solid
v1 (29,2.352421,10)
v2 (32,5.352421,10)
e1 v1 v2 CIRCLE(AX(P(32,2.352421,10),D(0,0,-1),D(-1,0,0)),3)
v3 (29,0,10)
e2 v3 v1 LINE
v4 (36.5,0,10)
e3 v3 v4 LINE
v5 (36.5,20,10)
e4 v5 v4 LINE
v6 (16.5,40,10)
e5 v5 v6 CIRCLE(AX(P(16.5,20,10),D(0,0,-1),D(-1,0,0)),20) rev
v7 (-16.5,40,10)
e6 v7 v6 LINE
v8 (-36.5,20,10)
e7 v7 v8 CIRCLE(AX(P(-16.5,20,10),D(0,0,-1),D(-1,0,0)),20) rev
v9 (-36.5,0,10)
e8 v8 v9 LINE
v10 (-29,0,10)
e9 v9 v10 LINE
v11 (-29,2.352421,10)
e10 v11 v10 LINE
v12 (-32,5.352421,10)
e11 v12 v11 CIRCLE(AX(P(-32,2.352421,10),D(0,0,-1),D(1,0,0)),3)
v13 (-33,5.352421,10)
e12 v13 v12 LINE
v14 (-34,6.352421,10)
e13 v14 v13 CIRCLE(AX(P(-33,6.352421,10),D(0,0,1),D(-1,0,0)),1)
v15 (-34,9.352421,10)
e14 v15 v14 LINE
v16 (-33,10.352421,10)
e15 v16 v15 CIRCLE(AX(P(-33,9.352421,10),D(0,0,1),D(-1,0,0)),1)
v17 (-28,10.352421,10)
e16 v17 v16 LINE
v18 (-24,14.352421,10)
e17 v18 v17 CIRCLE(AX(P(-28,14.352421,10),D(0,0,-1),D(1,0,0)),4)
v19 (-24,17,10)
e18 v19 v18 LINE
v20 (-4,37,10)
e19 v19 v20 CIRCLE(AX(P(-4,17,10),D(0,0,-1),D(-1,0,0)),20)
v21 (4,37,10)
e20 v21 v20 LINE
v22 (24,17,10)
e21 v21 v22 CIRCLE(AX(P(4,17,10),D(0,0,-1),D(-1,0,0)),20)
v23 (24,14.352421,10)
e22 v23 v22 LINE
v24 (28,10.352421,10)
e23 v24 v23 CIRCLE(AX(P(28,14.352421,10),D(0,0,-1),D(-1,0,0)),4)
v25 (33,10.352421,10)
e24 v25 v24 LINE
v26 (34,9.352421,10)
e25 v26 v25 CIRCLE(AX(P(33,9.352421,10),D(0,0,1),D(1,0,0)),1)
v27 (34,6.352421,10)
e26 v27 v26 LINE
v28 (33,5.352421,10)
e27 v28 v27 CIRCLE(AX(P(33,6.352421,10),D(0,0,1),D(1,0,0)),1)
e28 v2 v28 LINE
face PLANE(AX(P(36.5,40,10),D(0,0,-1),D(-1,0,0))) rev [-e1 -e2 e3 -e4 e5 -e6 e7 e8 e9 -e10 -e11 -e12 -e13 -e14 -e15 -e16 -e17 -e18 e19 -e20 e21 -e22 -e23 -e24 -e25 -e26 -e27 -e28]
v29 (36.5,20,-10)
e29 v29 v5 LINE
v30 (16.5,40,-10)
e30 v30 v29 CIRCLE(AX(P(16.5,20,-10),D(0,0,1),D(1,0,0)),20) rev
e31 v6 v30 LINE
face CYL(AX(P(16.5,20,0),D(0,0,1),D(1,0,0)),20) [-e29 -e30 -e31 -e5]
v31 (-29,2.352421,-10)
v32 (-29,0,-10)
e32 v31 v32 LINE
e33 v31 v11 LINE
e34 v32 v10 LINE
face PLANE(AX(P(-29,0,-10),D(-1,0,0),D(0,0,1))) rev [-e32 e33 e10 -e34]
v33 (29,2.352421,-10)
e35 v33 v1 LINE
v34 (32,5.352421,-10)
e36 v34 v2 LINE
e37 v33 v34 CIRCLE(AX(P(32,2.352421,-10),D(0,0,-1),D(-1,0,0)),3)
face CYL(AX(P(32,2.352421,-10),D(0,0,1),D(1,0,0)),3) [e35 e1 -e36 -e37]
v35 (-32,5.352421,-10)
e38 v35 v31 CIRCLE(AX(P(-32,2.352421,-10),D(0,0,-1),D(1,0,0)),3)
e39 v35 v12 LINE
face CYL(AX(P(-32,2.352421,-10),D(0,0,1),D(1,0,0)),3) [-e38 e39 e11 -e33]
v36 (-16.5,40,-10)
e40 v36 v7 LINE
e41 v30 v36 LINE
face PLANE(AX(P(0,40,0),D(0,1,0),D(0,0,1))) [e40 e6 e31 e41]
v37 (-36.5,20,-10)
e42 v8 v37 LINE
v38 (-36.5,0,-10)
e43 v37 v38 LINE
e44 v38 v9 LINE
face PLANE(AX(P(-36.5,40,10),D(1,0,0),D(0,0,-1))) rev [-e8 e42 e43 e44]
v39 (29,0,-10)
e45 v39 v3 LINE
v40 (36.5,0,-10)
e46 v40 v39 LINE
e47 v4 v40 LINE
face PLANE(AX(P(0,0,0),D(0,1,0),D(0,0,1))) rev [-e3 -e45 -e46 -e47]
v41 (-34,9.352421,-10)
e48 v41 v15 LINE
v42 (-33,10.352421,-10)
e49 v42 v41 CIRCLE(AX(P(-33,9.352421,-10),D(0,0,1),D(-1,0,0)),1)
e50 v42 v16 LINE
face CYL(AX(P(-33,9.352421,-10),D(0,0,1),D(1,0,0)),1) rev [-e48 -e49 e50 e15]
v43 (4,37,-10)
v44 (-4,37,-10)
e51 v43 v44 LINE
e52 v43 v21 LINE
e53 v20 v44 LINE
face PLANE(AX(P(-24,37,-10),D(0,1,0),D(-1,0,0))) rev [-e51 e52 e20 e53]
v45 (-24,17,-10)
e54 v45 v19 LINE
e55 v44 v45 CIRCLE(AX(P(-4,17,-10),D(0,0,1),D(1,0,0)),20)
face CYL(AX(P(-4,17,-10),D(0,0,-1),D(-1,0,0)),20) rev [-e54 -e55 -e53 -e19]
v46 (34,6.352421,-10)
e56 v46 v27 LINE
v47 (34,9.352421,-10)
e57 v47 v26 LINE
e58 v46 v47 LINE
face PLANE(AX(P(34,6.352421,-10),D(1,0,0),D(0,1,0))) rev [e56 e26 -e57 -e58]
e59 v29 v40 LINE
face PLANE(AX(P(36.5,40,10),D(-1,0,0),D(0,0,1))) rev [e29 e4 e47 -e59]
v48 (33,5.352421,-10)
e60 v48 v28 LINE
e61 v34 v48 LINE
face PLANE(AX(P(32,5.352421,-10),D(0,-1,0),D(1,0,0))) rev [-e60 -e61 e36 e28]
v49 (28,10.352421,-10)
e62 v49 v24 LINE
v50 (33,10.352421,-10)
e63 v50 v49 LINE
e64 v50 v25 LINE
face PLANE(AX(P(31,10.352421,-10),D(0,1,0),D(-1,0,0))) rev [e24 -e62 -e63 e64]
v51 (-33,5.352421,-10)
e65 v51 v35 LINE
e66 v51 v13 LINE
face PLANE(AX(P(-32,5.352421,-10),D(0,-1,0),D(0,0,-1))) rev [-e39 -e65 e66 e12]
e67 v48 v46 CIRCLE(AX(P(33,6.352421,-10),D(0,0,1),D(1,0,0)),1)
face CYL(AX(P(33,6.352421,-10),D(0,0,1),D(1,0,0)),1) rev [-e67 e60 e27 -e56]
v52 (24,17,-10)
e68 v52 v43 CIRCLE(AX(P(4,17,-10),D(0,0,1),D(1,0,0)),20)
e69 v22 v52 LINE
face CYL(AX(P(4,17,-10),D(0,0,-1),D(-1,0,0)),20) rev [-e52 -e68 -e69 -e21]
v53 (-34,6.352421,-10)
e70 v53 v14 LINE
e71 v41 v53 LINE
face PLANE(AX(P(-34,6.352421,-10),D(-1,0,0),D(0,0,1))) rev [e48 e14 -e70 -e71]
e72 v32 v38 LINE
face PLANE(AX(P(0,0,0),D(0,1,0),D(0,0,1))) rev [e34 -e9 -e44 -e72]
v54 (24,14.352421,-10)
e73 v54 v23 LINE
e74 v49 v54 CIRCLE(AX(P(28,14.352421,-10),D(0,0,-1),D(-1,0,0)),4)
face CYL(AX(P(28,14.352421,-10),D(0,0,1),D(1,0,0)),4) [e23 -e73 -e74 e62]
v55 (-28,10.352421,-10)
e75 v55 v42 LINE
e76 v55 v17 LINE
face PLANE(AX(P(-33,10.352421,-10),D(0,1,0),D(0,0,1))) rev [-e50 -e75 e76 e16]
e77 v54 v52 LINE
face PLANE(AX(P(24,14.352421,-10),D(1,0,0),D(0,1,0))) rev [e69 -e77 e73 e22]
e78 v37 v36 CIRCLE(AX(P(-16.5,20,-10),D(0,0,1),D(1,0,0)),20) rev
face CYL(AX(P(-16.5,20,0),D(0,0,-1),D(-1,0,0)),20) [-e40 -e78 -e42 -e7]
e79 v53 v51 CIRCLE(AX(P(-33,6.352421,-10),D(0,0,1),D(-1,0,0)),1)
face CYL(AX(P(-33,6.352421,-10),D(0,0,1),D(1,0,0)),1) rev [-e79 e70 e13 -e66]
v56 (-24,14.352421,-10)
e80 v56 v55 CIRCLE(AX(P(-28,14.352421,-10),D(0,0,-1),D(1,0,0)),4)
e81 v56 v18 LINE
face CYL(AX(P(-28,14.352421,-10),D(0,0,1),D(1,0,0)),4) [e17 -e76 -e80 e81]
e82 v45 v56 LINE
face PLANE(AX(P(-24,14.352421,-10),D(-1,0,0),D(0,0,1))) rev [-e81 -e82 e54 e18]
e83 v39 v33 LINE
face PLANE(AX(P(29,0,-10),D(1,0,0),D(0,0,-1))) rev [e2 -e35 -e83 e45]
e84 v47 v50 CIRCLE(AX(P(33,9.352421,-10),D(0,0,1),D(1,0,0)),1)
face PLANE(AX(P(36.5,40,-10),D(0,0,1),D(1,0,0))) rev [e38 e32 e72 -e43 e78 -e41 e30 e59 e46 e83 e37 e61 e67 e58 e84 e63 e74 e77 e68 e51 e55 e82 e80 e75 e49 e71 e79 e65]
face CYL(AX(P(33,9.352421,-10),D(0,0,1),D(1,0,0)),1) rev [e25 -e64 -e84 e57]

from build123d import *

# Parameters (mm, degrees)
SKETCH1_W           = 73
SKETCH1_H           = 20
BOSS_EXTRUDE1_DEPTH = 40
CUT_EXTRUDE1_DEPTH  = 20
FILLET1_R           = 20
FILLET2_R           = 20


with BuildPart() as part:
    # Sketch1 → Boss-Extrude1 (new body)
    with BuildSketch(Plane(origin=(0, 0, 0), x_dir=(1, 0, 0), z_dir=(0, 1, 0))):
        Rectangle(SKETCH1_W, SKETCH1_H)
    extrude(amount=BOSS_EXTRUDE1_DEPTH)

    # Sketch2 → Cut-Extrude1 (cut)
    with BuildSketch(Plane.XY.offset(10)):
        with BuildLine():
            Line((-29, 0), (-29, 2.352421437))
            ThreePointArc((-29, 2.352421437), (-29.878679656, 4.473741781), (-32, 5.352421437))
            Line((-32, 5.352421437), (-33, 5.352421437))
            ThreePointArc((-33, 5.352421437), (-33.707106781, 5.645314656), (-34, 6.352421437))
            Line((-34, 6.352421437), (-34, 9.352421437))
            ThreePointArc((-34, 9.352421437), (-33.707106781, 10.059528218), (-33, 10.352421437))
            Line((-33, 10.352421437), (-31, 10.352421437))
            Line((-31, 10.352421437), (-28, 10.352421437))
            ThreePointArc((-28, 10.352421437), (-25.171572875, 11.523994313), (-24, 14.352421437))
            Line((-24, 14.352421437), (-24, 37))
            Line((-24, 37), (24, 37))
            Line((24, 37), (24, 14.352421437))
            ThreePointArc((24, 14.352421437), (25.171572875, 11.523994313), (28, 10.352421437))
            Line((28, 10.352421437), (31, 10.352421437))
            Line((31, 10.352421437), (33, 10.352421437))
            ThreePointArc((33, 10.352421437), (33.707106781, 10.059528218), (34, 9.352421437))
            Line((34, 9.352421437), (34, 6.352421437))
            ThreePointArc((34, 6.352421437), (33.707106781, 5.645314656), (33, 5.352421437))
            Line((33, 5.352421437), (32, 5.352421437))
            ThreePointArc((32, 5.352421437), (29.878679656, 4.473741781), (29, 2.352421437))
            Line((29, 2.352421437), (29, 0))
            Line((29, 0), (-29, 0))
        make_face()
    extrude(amount=-CUT_EXTRUDE1_DEPTH, mode=Mode.SUBTRACT)

    # Fillet1
    fillet1_edges = [part.edges().sort_by_distance(p)[0] for p in [
        (36.5, 40, 0),
        (-36.5, 40, 0),
    ]]
    fillet(fillet1_edges, radius=FILLET1_R)

    # Fillet2
    fillet2_edges = [part.edges().sort_by_distance(p)[0] for p in [
        (-24, 37, 0),
        (24, 37, 0),
    ]]
    fillet(fillet2_edges, radius=FILLET2_R)


solid = part.part
